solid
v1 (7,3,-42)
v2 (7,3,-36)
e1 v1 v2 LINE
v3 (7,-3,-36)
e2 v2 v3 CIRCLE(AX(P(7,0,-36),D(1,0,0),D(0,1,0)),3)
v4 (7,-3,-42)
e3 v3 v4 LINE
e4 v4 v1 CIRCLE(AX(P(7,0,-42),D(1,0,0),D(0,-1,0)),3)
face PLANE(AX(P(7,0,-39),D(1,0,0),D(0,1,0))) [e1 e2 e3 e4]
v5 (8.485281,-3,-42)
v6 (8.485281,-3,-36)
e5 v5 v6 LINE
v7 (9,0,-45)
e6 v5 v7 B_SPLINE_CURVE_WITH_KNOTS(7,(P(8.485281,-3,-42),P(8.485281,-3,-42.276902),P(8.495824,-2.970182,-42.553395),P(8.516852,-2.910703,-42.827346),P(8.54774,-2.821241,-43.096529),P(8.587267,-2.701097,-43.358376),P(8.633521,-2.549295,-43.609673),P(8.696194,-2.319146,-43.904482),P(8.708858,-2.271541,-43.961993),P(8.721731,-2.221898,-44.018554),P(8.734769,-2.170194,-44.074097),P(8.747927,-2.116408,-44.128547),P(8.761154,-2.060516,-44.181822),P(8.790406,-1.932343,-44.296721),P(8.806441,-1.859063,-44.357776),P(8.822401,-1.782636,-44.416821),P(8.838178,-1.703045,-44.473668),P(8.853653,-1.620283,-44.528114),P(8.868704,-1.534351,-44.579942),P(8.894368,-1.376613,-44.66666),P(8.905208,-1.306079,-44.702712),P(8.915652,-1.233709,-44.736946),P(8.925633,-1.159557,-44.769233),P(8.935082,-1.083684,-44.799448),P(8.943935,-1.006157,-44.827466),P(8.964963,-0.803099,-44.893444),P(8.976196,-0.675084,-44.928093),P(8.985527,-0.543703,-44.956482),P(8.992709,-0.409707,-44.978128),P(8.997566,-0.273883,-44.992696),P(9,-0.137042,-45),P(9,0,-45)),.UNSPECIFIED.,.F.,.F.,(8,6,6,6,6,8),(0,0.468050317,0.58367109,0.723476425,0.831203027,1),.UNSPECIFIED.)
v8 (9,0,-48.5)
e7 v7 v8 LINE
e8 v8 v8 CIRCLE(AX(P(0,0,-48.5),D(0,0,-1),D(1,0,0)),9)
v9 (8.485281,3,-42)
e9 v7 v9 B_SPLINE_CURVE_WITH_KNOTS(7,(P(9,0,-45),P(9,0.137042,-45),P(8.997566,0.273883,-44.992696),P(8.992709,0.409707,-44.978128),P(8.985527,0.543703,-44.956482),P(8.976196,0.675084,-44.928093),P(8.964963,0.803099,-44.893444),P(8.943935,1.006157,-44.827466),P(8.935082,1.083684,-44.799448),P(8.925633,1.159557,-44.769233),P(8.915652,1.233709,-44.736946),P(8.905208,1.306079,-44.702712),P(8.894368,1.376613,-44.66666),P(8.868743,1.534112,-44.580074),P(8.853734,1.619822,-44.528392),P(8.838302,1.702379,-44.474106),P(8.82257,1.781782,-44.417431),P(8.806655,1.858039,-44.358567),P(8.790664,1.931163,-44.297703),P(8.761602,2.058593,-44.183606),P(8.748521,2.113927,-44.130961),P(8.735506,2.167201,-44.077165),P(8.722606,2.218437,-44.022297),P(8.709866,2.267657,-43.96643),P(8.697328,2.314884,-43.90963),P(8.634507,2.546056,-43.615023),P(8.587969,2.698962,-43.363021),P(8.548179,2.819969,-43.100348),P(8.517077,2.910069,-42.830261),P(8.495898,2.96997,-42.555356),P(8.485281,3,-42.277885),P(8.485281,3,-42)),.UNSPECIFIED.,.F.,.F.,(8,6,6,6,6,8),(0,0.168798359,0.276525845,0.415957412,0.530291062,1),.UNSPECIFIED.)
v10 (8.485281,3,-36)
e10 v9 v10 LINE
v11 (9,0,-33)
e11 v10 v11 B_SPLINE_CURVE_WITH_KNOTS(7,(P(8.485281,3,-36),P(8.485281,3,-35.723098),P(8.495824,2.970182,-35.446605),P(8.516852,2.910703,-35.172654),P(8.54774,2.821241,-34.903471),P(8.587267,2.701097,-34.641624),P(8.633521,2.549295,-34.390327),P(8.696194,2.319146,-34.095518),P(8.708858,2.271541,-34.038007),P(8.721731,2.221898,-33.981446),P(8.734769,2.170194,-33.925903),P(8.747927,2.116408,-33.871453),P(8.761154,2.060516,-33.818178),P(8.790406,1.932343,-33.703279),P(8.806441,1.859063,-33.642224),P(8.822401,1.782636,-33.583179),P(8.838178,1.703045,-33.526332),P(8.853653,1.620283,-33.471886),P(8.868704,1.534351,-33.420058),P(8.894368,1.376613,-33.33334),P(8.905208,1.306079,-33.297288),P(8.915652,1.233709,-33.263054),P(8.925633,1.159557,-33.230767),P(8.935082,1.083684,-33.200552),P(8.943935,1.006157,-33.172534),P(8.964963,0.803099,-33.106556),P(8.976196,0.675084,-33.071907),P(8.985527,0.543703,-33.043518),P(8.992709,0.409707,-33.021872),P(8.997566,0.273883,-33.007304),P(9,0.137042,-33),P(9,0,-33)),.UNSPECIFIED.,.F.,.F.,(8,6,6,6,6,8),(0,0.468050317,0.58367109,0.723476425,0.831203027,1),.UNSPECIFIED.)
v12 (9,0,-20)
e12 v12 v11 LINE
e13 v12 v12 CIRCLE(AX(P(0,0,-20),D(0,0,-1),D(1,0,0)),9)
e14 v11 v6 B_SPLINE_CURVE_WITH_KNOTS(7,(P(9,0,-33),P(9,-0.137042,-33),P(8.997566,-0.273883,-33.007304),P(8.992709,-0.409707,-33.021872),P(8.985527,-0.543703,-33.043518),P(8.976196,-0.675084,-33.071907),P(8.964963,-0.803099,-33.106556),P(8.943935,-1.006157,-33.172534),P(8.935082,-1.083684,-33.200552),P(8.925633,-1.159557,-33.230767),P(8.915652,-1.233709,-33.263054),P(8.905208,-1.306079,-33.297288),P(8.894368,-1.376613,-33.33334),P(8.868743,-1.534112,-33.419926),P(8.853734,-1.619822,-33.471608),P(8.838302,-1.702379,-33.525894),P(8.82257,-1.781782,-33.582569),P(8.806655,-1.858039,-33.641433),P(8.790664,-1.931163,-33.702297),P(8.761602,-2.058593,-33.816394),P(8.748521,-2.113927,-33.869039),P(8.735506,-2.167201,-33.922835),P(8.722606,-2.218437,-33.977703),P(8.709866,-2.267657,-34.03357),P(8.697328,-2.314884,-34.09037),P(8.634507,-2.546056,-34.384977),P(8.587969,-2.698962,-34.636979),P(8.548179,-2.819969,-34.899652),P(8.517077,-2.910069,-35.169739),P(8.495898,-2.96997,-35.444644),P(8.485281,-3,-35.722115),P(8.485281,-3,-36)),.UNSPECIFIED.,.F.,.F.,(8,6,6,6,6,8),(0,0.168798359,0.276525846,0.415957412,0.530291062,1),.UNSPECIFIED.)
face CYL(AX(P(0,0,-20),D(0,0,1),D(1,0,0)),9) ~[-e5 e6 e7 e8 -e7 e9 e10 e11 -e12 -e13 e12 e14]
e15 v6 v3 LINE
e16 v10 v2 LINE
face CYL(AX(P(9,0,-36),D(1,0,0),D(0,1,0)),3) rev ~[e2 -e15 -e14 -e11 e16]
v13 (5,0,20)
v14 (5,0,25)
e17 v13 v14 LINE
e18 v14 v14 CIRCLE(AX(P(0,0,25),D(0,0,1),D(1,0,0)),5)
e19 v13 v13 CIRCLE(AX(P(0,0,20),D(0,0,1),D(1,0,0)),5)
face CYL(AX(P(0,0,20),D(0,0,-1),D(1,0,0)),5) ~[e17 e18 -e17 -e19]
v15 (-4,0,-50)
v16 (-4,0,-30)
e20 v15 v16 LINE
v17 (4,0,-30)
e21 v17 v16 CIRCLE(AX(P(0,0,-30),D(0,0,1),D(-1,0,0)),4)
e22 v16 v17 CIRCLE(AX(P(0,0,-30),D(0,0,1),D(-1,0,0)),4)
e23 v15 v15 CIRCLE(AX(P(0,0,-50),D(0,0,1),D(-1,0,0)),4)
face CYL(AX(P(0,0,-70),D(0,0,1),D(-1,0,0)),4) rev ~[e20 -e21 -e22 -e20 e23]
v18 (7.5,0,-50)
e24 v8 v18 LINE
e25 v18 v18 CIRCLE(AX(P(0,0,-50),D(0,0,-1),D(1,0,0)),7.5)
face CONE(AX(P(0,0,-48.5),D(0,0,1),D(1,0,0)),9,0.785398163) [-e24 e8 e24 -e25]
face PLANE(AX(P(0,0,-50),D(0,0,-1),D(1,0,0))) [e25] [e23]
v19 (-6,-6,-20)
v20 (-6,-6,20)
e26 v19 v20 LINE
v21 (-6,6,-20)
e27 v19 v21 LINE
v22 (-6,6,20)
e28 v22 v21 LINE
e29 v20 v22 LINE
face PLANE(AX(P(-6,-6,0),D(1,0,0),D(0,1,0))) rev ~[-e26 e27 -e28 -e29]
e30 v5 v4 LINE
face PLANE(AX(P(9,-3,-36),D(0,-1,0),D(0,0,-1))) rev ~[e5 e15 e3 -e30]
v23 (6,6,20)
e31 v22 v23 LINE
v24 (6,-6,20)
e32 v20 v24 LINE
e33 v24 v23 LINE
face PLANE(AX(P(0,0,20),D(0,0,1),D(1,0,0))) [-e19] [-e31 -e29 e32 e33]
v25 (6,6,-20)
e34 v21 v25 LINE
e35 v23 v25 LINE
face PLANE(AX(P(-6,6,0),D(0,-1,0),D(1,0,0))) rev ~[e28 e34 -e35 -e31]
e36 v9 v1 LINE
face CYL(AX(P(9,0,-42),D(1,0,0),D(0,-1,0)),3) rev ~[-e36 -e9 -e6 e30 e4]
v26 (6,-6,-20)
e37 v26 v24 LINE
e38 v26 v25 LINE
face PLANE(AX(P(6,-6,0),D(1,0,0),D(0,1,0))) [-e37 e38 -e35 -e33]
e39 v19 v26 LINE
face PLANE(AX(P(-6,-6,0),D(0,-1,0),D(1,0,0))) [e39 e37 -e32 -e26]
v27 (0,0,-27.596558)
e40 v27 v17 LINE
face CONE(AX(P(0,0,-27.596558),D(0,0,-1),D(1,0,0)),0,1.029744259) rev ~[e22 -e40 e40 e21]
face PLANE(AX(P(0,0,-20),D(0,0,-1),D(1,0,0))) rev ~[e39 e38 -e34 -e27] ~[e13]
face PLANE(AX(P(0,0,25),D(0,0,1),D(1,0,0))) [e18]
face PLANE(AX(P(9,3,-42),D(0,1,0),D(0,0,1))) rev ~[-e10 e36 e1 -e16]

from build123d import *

# Parameters (mm, degrees)
F0_W      = 12
F0_H      = 12
F1_DEPTH  = 20
F2_R      = 5
F3_DEPTH  = 5
F4_R      = 9
F5_DEPTH  = 30
F8_DEPTH  = 2
F10_D     = 8
F10_DEPTH = 20
F10_TIP   = 2.4034424761
F11_SIZE  = 1.5


with BuildPart() as f1:
    # F0 (on Top) → F1 (new body, symmetric)
    with BuildSketch(Plane.XY):
        Rectangle(F0_W, F0_H)
    extrude(amount=F1_DEPTH, both=True)

    # F2 (on face) → F3 (join)
    with BuildSketch(Plane.XY.offset(20)):
        Circle(F2_R)
    extrude(amount=F3_DEPTH)

    # F4 (on face) → F5 (join)
    with BuildSketch(Plane(origin=(0, 0, -20), x_dir=(1, 0, 0), z_dir=(0, 0, -1))):
        Circle(F4_R)
    extrude(amount=F5_DEPTH)

    # F7 (on offset) → F8 (cut)
    with BuildSketch(Plane.YZ.offset(9)):
        with BuildLine():
            Line((-3, -36), (-3, -42))
            ThreePointArc((-3, -42), (0, -45), (3, -42))
            Line((3, -42), (3, -36))
            ThreePointArc((3, -36), (0, -33), (-3, -36))
        make_face()
    extrude(amount=-F8_DEPTH, mode=Mode.SUBTRACT)

    # F10
    with Locations(Plane(origin=(0, 0, -50), x_dir=(1, 0, 0), z_dir=(0, 0, -1))):
        with Locations((0, 0)):
            Hole(F10_D / 2, depth=F10_DEPTH)
            with Locations((0, 0, -(F10_DEPTH + F10_TIP / 2))):  # 118° drill point
                Cone(0, F10_D / 2, F10_TIP, mode=Mode.SUBTRACT)

    # F11
    f11_edges = [f1.edges().sort_by_distance(p)[0] for p in [
        (-9, 0, -50),
    ]]
    chamfer(f11_edges, length=F11_SIZE)


solid = f1.part
